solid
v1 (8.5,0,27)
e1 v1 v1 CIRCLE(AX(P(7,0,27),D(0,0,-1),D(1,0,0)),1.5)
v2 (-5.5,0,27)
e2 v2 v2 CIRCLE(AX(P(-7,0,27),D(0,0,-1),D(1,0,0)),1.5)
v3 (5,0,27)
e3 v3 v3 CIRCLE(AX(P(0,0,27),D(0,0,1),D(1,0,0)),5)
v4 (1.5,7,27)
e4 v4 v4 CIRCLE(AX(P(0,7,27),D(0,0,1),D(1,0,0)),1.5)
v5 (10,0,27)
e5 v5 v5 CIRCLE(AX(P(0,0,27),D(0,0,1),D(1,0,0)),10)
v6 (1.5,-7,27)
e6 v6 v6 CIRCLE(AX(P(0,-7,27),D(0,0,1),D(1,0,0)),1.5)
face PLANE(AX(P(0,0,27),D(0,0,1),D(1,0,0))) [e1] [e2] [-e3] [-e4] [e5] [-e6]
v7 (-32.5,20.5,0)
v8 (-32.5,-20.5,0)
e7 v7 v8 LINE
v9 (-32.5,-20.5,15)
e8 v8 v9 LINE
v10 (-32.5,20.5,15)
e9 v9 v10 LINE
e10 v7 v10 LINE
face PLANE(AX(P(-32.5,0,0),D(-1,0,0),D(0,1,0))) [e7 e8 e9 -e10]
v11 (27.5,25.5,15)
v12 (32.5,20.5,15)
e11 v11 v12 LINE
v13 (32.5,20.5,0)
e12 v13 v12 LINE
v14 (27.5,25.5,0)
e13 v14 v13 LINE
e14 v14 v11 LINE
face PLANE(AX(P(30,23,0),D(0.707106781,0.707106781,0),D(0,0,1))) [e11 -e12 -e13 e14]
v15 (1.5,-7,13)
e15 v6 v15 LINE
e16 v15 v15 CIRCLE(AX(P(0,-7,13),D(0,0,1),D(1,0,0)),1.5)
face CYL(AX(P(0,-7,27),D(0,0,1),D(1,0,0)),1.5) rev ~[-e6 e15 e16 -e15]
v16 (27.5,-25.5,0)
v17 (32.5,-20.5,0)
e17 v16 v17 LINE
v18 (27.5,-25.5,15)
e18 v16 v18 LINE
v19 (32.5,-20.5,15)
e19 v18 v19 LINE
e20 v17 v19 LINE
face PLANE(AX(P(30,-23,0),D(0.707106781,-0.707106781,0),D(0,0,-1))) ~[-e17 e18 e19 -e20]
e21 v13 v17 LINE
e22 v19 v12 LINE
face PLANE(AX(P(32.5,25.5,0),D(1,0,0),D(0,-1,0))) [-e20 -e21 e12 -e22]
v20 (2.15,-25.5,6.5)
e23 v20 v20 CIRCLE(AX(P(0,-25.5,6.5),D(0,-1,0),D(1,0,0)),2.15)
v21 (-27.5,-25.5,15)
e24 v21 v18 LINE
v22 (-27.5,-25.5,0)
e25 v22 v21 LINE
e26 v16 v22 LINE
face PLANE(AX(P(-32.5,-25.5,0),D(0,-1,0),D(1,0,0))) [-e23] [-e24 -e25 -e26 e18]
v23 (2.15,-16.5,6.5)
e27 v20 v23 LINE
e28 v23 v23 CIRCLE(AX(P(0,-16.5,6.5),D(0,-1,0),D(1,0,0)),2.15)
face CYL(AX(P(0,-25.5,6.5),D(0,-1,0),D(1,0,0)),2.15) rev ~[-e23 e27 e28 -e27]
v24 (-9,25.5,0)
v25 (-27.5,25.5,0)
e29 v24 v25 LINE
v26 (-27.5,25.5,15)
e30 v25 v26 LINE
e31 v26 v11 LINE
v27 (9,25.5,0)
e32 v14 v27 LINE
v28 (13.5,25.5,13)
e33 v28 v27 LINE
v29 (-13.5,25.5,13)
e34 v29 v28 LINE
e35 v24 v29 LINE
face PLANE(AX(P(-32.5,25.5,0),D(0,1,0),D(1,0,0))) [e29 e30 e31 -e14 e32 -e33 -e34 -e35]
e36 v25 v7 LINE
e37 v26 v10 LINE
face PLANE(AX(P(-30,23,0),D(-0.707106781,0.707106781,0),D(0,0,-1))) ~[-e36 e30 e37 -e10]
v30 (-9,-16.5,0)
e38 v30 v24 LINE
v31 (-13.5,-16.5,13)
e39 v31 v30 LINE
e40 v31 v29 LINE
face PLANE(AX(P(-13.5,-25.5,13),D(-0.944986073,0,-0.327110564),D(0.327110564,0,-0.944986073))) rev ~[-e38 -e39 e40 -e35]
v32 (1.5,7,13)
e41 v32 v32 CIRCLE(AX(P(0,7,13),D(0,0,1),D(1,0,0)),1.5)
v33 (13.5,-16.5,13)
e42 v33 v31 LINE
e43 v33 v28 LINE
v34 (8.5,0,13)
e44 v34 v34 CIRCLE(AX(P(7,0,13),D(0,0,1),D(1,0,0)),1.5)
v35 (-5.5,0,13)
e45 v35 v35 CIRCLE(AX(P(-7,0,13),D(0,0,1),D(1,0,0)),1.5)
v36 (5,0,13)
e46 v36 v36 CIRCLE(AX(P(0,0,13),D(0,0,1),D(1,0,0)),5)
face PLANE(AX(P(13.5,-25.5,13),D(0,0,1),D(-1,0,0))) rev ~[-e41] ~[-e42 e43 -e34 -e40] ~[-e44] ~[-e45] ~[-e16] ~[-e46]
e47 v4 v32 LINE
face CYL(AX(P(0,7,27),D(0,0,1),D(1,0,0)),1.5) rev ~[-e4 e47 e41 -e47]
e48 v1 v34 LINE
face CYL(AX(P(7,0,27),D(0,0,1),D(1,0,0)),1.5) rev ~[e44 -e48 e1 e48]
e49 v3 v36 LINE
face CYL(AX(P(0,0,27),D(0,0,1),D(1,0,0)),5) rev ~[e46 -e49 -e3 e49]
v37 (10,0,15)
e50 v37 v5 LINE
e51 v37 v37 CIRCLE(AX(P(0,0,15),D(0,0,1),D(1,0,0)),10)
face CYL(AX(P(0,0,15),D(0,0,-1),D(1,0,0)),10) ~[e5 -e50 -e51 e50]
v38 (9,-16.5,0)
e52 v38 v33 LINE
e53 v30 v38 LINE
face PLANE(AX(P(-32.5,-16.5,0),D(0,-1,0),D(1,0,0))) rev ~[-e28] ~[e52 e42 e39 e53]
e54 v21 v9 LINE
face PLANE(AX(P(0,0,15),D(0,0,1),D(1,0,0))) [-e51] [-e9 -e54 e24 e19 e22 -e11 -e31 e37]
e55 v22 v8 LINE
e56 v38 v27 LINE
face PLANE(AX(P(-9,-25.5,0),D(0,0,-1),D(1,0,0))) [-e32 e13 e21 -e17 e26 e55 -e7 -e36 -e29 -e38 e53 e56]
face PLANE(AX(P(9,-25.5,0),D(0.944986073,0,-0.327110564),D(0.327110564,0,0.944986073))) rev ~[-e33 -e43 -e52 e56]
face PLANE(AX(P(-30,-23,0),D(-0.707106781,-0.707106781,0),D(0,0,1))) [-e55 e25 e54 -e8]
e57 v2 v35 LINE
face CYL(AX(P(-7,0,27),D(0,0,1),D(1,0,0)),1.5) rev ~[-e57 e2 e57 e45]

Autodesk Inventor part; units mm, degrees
ref_plane "YZ Plane" through (0, 0, 0) normal (1, 0, 0) x (0, 1, 0)
ref_plane "XZ Plane" through (0, 0, 0) normal (0, 1, 0) x (-1, 0, 0)
ref_plane "XY Plane" through (0, 0, 0) normal (0, 0, 1) x (1, 0, 0)
sketch "Skizze1" plane through (0, 0, 0) normal (0, 0, 1) x (1, 0, 0)
  line L0 (-32.5, 25.5) -> (32.5, 25.5)
  line L1 (32.5, 25.5) -> (32.5, -25.5)
  line L2 (32.5, -25.5) -> (-32.5, -25.5)
  line L3 (-32.5, -25.5) -> (-32.5, 25.5)
  line L4 (0, -35.7) -> (0, 35.7) projected
  line L5 (-45.5, 0) -> (45.5, 0) projected
  point P0 (0, 0)
  point P1 (0, 25.5)
  point P2 (32.5, 0)
  dimension "d0" = 51
  dimension "d1" = 65
extrude "Extrusion1" add sketch "Skizze1" along normal blind 15
sketch "Skizze2" plane through (-32.5, -25.5, 0) normal (0, -1, 0) x (1, 0, 0)
  line L0 (23.5, 0) -> (41.5, 0)
  line L1 (41.5, 0) -> (46, 13)
  line L2 (46, 13) -> (19, 13)
  line L3 (19, 13) -> (23.5, 0)
  line L4 (0, 0) -> (65, 0) projected
  line L5 (0, 15) -> (65, 15) construction
  circle A0 centre (32.5, 6.5) radius 2.15
  line L6 (32.5, 0) -> (32.5, 13) construction
  point P0 (32.5, 0)
  point P1 (32.5, 6.5)
  dimension "d4" = 18
  dimension "d5" = 27
  dimension "d6" = 13
  dimension "d20" = 4.3
extrude "Extrusion2" cut sketch "Skizze2" against normal through all contours L3 L2 L1 L0 | A0
extrude "Extrusion5" add sketch "Skizze2" against normal blind 9
chamfer "Fase1" distance 5 angle 45 4 edges at (-32.5, 25.5, 7.5) (32.5, 25.5, 7.5) (32.5, -25.5, 7.5) (-32.5, -25.5, 7.5)
sketch "Skizze3" plane through (0, 0, 15) normal (0, 0, 1) x (1, 0, 0)
  circle A0 centre (0, 0) radius 10
  dimension "d12" = 20
extrude "Extrusion3" add sketch "Skizze3" along normal blind 12
sketch "Skizze4" plane through (0, 0, 27) normal (0, 0, 1) x (1, 0, 0)
  circle A0 centre (0, 0) radius 5
  dimension "d15" = 10
extrude "Extrusion4" cut sketch "Skizze4" against normal through all
sketch "Skizze5" plane through (0, 0, 27) normal (0, 0, 1) x (1, 0, 0)
  circle A0 centre (7, 0) radius 1.5
  line L0 (-45.5, 0) -> (45.5, 0) projected
  circle A1 centre (0, 0) radius 5 projected
  circle A2 centre (0, 0) radius 10 projected
  circle A3 centre (0, 7) radius 1.5
  circle A4 centre (-7, 0) radius 1.5
  circle A5 centre (0, -7) radius 1.5
  dimension "d21" = 3
  dimension "d22" = 7
  dimension "d25" = 360
extrude "Extrusion6" cut sketch "Skizze5" against normal through all contours L0 A0 | A0 L0 | A4 L0 | L0 A4 | A3 | A5
sketch "Skizze6" plane through (0, 0, 27) normal (0, 0, 1) x (1, 0, 0)
  line L0 (15.25, -15.25) -> (-15.25, -15.25)
  line L1 (-15.25, -15.25) -> (-15.25, 15.25)
  line L2 (-15.25, 15.25) -> (15.25, 15.25)
  line L3 (15.25, 15.25) -> (15.25, -15.25)
  line L4 (15.25, -15.25) -> (-15.25, 15.25) construction
  line L5 (-15.25, -15.25) -> (15.25, 15.25) construction
  circle A0 centre (15.25, 15.25) radius 2
  circle A1 centre (-15.25, 15.25) radius 2
  circle A2 centre (-15.25, -15.25) radius 2
  circle A3 centre (15.25, -15.25) radius 2
  point P0 (0, 0)
  dimension "d29" = 30.5
  dimension "d30" = 4
extrude "Extrusion7" [suppressed]
properties part number "_3D-Druck"
